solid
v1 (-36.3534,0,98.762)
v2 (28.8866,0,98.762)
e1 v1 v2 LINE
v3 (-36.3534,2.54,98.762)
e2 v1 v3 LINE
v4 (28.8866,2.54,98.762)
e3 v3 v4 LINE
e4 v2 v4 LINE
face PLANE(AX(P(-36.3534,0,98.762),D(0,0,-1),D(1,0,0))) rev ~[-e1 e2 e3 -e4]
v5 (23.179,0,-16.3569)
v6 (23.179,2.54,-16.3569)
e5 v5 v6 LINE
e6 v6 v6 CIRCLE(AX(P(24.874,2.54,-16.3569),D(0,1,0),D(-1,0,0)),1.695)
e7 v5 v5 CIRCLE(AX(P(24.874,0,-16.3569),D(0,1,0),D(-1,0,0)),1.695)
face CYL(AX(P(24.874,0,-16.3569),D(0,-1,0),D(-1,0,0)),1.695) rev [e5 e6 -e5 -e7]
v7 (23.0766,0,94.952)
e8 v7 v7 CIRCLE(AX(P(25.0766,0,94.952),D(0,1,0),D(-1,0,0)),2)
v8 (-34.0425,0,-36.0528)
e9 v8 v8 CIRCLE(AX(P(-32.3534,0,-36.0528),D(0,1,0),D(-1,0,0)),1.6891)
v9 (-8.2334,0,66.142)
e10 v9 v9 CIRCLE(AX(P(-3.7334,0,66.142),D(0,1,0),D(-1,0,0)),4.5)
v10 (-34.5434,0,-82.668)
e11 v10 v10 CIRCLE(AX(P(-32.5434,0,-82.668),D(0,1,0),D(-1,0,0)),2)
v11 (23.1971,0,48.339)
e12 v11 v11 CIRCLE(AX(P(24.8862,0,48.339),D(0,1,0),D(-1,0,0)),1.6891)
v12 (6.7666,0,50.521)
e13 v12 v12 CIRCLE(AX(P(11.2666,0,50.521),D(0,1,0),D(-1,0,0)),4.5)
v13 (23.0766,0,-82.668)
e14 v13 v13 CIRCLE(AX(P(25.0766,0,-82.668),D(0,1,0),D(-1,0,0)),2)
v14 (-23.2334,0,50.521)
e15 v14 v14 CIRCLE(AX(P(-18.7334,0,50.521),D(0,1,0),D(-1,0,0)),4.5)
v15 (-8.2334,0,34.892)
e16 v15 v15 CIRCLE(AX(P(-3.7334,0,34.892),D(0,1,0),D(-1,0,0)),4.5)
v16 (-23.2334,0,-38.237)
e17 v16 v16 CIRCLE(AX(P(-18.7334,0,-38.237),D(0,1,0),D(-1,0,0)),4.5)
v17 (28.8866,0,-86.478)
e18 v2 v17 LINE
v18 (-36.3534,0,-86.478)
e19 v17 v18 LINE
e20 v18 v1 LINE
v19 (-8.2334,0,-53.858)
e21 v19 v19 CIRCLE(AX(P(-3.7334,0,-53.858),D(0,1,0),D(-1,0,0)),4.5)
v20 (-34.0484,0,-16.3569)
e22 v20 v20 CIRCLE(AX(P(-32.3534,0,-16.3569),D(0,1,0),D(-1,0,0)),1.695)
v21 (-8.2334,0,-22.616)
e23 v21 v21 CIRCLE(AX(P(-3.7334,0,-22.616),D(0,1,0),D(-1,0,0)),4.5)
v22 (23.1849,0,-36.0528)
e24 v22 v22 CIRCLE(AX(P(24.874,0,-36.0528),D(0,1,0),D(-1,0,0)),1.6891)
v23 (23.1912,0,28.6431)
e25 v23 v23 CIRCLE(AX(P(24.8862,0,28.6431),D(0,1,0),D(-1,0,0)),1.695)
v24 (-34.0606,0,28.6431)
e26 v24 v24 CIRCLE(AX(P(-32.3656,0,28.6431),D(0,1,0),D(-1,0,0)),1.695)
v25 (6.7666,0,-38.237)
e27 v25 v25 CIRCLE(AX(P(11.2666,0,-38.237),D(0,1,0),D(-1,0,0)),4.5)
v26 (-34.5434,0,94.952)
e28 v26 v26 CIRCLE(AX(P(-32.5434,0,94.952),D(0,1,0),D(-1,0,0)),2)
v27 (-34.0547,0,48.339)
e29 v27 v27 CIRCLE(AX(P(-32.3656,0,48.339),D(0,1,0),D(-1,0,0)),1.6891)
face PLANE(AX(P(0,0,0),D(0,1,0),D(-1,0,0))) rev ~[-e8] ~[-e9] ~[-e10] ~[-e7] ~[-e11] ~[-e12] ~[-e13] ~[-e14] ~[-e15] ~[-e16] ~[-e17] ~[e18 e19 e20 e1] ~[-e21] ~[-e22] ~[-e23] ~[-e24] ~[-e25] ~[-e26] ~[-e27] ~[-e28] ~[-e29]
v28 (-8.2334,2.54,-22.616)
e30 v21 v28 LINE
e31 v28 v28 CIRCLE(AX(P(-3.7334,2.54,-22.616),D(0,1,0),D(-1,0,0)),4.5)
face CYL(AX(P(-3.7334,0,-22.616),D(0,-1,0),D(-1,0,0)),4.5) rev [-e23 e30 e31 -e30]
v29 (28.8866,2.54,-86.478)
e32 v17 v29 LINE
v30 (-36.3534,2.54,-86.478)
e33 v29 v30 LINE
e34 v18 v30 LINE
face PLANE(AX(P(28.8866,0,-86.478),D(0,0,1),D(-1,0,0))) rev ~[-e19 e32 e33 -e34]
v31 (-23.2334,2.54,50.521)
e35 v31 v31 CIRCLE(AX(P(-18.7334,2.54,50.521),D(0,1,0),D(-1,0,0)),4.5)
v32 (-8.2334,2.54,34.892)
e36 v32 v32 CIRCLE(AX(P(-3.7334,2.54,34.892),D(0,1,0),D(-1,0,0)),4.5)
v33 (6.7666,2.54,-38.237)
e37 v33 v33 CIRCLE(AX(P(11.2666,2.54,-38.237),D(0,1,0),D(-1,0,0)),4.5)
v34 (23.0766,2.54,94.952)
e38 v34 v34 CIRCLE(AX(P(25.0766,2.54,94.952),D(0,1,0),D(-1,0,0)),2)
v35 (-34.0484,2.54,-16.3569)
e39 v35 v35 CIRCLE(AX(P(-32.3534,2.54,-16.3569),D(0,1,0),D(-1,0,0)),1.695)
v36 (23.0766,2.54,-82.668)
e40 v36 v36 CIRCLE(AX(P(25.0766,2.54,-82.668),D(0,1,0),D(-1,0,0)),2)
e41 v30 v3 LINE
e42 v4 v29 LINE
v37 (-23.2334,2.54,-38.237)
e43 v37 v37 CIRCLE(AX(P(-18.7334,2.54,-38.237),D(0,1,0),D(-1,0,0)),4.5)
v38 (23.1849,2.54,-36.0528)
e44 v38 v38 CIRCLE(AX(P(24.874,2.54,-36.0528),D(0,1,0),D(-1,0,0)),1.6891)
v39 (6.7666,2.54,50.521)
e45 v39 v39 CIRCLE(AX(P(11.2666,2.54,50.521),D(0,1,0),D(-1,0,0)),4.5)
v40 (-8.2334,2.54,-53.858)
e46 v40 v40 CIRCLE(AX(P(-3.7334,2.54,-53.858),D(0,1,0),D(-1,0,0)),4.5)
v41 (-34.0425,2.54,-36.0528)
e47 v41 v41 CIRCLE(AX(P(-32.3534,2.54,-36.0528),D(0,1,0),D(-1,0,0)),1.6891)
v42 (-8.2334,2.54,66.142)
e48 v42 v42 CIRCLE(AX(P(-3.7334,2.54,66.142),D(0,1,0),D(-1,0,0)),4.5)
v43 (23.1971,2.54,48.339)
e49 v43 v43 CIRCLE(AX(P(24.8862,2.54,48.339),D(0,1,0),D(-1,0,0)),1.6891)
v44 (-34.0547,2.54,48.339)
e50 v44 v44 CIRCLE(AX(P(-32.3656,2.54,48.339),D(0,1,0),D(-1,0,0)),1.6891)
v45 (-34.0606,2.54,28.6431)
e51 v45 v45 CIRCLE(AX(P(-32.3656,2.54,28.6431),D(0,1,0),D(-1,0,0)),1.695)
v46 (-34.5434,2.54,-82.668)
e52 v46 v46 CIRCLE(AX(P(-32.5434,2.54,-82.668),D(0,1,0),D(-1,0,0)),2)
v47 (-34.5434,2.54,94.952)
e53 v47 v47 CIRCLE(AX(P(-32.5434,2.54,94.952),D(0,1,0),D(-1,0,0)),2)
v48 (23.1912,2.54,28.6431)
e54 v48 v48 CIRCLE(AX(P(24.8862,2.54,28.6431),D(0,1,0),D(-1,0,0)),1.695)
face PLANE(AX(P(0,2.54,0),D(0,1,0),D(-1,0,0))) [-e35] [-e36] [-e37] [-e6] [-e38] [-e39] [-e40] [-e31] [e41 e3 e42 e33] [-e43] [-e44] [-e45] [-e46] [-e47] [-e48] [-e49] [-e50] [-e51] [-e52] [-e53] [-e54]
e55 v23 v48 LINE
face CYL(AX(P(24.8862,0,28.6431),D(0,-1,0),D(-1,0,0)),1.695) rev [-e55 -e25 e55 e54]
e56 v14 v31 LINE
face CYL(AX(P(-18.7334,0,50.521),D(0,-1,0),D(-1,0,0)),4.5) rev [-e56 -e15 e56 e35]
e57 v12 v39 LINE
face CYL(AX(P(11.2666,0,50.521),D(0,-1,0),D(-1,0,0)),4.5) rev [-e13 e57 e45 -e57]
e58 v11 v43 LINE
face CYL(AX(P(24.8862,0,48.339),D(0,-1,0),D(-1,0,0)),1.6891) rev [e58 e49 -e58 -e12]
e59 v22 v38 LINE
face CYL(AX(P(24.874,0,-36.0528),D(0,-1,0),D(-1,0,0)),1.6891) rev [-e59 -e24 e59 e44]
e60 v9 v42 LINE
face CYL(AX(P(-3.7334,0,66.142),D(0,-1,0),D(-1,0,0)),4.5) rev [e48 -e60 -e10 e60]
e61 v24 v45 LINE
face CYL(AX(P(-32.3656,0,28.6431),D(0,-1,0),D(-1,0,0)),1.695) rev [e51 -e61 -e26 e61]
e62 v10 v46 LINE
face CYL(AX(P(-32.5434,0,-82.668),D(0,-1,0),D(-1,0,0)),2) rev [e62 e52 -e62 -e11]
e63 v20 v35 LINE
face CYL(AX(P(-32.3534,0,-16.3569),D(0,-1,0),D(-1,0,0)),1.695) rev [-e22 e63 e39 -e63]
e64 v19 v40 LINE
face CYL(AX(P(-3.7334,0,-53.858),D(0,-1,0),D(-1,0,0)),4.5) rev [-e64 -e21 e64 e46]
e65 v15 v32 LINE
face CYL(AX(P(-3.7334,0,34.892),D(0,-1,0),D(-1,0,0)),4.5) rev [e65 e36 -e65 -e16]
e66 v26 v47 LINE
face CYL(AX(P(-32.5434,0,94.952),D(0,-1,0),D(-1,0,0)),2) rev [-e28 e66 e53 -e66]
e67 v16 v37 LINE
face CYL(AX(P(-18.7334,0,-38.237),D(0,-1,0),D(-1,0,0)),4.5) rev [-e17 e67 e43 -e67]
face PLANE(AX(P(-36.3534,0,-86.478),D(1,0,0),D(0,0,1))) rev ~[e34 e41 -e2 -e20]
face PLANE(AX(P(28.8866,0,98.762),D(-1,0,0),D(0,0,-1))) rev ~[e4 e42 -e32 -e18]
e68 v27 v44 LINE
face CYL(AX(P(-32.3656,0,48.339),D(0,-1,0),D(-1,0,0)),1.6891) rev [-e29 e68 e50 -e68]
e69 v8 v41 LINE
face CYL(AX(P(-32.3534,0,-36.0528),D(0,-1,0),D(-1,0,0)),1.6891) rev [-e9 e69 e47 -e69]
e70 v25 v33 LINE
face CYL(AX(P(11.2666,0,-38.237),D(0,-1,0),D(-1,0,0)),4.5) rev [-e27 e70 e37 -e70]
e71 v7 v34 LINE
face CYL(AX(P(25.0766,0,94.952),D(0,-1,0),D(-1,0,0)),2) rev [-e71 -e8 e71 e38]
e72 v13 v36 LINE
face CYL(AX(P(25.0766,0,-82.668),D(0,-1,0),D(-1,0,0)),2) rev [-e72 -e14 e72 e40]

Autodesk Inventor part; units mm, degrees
ref_plane "YZ Plane" through (0, 0, 0) normal (1, 0, 0) x (0, 1, 0)
ref_plane "XZ Plane" through (0, 0, 0) normal (0, 1, 0) x (-1, 0, 0)
ref_plane "XY Plane" through (0, 0, 0) normal (0, 0, 1) x (1, 0, 0)
sketch "Sketch1" plane through (0, 0, 0) normal (0, 1, 0) x (-1, 0, 0)
  line L0 (28.7334, 91.142) -> (-21.2666, 91.142)
  line L1 (-21.2666, 91.142) -> (-21.2666, -78.858)
  line L2 (-21.2666, -78.858) -> (28.7334, -78.858)
  line L3 (28.7334, -78.858) -> (28.7334, 91.142)
  line L4 (36.3534, 98.762) -> (-28.8866, 98.762)
  line L5 (-28.8866, 98.762) -> (-28.8866, -86.478)
  line L6 (-28.8866, -86.478) -> (36.3534, -86.478)
  line L7 (36.3534, -86.478) -> (36.3534, 98.762)
  circle A0 centre (3.7334, 66.142) radius 4.5
  circle A1 centre (18.7334, 50.521) radius 4.5
  circle A2 centre (3.7334, 34.892) radius 4.5
  circle A3 centre (-11.2666, 50.521) radius 4.5
  circle A4 centre (3.7334, -22.616) radius 4.5
  circle A5 centre (18.7334, -38.237) radius 4.5
  circle A6 centre (-11.2666, -38.237) radius 4.5
  circle A7 centre (3.7334, -53.858) radius 4.5
  circle A8 centre (32.5434, 94.952) radius 2
  circle A9 centre (-25.0766, 94.952) radius 2
  circle A10 centre (-25.0766, -82.668) radius 2
  circle A11 centre (32.5434, -82.668) radius 2
  circle A12 centre (32.3534, -16.3569) radius 1.695
  circle A13 centre (32.3656, 28.6431) radius 1.695
  circle A14 centre (32.3534, -36.0528) radius 1.6891
  circle A15 centre (32.3656, 48.339) radius 1.6891
  line L8 (3.7397, -95.1843) -> (3.7397, 116.3603) construction
  circle A16 centre (-24.874, -16.3569) radius 1.695
  circle A17 centre (-24.8862, 28.6431) radius 1.695
  circle A18 centre (-24.874, -36.0528) radius 1.6891
  circle A19 centre (-24.8862, 48.339) radius 1.6891
  point P0 (0, 0)
  dimension "d0" = 170
  dimension "d1" = 7.62
  dimension "d2" = 9
  dimension "d4" = 10
  dimension "d5" = 10
  dimension "d6" = 9
  dimension "d7" = 25
  dimension "d8" = 25
  dimension "d9" = 50
  dimension "d10" = 10
  dimension "d11" = 10
  dimension "d12" = 25
  dimension "d13" = 25
  dimension "d14" = 31.25
  dimension "d15" = 25
  dimension "d16" = 9
  dimension "d17" = 9
  dimension "d18" = 15.621
  dimension "d19" = 0
  dimension "d21" = 25
  dimension "d22" = 31.242
  dimension "d23" = 15.621
  dimension "d24" = 9
  dimension "d25" = 9
  dimension "d26" = 9
  dimension "d27" = 9
  dimension "d29" = 15.621
  dimension "d34" = 3.81
  dimension "d35" = 3.81
  dimension "d36" = 4
  dimension "d37" = 3.81
  dimension "d38" = 3.81
  dimension "d39" = 4
  dimension "d40" = 3.81
  dimension "d41" = 3.81
  dimension "d42" = 4
  dimension "d43" = 3.81
  dimension "d44" = 3.81
  dimension "d45" = 4
  dimension "d49" = 4
  dimension "d50" = 45
  dimension "d51" = 70.1211
  dimension "d52" = 3.9878
  dimension "d53" = 3.39
  dimension "d54" = 3.39
  dimension "d55" = 0
  dimension "d56" = 3.3782
  dimension "d57" = 0
  dimension "d58" = 23.08
  dimension "d59" = 23.08
  dimension "d60" = 32.6263
  dimension "d61" = 3.3782
  dimension "d62" = 4.0004
extrude "Extrusion1" add sketch "Sketch1" along normal blind 2.54 contours L3 L2 L1 L0 | L7 L6 L5 L4
properties part number "Cover"
